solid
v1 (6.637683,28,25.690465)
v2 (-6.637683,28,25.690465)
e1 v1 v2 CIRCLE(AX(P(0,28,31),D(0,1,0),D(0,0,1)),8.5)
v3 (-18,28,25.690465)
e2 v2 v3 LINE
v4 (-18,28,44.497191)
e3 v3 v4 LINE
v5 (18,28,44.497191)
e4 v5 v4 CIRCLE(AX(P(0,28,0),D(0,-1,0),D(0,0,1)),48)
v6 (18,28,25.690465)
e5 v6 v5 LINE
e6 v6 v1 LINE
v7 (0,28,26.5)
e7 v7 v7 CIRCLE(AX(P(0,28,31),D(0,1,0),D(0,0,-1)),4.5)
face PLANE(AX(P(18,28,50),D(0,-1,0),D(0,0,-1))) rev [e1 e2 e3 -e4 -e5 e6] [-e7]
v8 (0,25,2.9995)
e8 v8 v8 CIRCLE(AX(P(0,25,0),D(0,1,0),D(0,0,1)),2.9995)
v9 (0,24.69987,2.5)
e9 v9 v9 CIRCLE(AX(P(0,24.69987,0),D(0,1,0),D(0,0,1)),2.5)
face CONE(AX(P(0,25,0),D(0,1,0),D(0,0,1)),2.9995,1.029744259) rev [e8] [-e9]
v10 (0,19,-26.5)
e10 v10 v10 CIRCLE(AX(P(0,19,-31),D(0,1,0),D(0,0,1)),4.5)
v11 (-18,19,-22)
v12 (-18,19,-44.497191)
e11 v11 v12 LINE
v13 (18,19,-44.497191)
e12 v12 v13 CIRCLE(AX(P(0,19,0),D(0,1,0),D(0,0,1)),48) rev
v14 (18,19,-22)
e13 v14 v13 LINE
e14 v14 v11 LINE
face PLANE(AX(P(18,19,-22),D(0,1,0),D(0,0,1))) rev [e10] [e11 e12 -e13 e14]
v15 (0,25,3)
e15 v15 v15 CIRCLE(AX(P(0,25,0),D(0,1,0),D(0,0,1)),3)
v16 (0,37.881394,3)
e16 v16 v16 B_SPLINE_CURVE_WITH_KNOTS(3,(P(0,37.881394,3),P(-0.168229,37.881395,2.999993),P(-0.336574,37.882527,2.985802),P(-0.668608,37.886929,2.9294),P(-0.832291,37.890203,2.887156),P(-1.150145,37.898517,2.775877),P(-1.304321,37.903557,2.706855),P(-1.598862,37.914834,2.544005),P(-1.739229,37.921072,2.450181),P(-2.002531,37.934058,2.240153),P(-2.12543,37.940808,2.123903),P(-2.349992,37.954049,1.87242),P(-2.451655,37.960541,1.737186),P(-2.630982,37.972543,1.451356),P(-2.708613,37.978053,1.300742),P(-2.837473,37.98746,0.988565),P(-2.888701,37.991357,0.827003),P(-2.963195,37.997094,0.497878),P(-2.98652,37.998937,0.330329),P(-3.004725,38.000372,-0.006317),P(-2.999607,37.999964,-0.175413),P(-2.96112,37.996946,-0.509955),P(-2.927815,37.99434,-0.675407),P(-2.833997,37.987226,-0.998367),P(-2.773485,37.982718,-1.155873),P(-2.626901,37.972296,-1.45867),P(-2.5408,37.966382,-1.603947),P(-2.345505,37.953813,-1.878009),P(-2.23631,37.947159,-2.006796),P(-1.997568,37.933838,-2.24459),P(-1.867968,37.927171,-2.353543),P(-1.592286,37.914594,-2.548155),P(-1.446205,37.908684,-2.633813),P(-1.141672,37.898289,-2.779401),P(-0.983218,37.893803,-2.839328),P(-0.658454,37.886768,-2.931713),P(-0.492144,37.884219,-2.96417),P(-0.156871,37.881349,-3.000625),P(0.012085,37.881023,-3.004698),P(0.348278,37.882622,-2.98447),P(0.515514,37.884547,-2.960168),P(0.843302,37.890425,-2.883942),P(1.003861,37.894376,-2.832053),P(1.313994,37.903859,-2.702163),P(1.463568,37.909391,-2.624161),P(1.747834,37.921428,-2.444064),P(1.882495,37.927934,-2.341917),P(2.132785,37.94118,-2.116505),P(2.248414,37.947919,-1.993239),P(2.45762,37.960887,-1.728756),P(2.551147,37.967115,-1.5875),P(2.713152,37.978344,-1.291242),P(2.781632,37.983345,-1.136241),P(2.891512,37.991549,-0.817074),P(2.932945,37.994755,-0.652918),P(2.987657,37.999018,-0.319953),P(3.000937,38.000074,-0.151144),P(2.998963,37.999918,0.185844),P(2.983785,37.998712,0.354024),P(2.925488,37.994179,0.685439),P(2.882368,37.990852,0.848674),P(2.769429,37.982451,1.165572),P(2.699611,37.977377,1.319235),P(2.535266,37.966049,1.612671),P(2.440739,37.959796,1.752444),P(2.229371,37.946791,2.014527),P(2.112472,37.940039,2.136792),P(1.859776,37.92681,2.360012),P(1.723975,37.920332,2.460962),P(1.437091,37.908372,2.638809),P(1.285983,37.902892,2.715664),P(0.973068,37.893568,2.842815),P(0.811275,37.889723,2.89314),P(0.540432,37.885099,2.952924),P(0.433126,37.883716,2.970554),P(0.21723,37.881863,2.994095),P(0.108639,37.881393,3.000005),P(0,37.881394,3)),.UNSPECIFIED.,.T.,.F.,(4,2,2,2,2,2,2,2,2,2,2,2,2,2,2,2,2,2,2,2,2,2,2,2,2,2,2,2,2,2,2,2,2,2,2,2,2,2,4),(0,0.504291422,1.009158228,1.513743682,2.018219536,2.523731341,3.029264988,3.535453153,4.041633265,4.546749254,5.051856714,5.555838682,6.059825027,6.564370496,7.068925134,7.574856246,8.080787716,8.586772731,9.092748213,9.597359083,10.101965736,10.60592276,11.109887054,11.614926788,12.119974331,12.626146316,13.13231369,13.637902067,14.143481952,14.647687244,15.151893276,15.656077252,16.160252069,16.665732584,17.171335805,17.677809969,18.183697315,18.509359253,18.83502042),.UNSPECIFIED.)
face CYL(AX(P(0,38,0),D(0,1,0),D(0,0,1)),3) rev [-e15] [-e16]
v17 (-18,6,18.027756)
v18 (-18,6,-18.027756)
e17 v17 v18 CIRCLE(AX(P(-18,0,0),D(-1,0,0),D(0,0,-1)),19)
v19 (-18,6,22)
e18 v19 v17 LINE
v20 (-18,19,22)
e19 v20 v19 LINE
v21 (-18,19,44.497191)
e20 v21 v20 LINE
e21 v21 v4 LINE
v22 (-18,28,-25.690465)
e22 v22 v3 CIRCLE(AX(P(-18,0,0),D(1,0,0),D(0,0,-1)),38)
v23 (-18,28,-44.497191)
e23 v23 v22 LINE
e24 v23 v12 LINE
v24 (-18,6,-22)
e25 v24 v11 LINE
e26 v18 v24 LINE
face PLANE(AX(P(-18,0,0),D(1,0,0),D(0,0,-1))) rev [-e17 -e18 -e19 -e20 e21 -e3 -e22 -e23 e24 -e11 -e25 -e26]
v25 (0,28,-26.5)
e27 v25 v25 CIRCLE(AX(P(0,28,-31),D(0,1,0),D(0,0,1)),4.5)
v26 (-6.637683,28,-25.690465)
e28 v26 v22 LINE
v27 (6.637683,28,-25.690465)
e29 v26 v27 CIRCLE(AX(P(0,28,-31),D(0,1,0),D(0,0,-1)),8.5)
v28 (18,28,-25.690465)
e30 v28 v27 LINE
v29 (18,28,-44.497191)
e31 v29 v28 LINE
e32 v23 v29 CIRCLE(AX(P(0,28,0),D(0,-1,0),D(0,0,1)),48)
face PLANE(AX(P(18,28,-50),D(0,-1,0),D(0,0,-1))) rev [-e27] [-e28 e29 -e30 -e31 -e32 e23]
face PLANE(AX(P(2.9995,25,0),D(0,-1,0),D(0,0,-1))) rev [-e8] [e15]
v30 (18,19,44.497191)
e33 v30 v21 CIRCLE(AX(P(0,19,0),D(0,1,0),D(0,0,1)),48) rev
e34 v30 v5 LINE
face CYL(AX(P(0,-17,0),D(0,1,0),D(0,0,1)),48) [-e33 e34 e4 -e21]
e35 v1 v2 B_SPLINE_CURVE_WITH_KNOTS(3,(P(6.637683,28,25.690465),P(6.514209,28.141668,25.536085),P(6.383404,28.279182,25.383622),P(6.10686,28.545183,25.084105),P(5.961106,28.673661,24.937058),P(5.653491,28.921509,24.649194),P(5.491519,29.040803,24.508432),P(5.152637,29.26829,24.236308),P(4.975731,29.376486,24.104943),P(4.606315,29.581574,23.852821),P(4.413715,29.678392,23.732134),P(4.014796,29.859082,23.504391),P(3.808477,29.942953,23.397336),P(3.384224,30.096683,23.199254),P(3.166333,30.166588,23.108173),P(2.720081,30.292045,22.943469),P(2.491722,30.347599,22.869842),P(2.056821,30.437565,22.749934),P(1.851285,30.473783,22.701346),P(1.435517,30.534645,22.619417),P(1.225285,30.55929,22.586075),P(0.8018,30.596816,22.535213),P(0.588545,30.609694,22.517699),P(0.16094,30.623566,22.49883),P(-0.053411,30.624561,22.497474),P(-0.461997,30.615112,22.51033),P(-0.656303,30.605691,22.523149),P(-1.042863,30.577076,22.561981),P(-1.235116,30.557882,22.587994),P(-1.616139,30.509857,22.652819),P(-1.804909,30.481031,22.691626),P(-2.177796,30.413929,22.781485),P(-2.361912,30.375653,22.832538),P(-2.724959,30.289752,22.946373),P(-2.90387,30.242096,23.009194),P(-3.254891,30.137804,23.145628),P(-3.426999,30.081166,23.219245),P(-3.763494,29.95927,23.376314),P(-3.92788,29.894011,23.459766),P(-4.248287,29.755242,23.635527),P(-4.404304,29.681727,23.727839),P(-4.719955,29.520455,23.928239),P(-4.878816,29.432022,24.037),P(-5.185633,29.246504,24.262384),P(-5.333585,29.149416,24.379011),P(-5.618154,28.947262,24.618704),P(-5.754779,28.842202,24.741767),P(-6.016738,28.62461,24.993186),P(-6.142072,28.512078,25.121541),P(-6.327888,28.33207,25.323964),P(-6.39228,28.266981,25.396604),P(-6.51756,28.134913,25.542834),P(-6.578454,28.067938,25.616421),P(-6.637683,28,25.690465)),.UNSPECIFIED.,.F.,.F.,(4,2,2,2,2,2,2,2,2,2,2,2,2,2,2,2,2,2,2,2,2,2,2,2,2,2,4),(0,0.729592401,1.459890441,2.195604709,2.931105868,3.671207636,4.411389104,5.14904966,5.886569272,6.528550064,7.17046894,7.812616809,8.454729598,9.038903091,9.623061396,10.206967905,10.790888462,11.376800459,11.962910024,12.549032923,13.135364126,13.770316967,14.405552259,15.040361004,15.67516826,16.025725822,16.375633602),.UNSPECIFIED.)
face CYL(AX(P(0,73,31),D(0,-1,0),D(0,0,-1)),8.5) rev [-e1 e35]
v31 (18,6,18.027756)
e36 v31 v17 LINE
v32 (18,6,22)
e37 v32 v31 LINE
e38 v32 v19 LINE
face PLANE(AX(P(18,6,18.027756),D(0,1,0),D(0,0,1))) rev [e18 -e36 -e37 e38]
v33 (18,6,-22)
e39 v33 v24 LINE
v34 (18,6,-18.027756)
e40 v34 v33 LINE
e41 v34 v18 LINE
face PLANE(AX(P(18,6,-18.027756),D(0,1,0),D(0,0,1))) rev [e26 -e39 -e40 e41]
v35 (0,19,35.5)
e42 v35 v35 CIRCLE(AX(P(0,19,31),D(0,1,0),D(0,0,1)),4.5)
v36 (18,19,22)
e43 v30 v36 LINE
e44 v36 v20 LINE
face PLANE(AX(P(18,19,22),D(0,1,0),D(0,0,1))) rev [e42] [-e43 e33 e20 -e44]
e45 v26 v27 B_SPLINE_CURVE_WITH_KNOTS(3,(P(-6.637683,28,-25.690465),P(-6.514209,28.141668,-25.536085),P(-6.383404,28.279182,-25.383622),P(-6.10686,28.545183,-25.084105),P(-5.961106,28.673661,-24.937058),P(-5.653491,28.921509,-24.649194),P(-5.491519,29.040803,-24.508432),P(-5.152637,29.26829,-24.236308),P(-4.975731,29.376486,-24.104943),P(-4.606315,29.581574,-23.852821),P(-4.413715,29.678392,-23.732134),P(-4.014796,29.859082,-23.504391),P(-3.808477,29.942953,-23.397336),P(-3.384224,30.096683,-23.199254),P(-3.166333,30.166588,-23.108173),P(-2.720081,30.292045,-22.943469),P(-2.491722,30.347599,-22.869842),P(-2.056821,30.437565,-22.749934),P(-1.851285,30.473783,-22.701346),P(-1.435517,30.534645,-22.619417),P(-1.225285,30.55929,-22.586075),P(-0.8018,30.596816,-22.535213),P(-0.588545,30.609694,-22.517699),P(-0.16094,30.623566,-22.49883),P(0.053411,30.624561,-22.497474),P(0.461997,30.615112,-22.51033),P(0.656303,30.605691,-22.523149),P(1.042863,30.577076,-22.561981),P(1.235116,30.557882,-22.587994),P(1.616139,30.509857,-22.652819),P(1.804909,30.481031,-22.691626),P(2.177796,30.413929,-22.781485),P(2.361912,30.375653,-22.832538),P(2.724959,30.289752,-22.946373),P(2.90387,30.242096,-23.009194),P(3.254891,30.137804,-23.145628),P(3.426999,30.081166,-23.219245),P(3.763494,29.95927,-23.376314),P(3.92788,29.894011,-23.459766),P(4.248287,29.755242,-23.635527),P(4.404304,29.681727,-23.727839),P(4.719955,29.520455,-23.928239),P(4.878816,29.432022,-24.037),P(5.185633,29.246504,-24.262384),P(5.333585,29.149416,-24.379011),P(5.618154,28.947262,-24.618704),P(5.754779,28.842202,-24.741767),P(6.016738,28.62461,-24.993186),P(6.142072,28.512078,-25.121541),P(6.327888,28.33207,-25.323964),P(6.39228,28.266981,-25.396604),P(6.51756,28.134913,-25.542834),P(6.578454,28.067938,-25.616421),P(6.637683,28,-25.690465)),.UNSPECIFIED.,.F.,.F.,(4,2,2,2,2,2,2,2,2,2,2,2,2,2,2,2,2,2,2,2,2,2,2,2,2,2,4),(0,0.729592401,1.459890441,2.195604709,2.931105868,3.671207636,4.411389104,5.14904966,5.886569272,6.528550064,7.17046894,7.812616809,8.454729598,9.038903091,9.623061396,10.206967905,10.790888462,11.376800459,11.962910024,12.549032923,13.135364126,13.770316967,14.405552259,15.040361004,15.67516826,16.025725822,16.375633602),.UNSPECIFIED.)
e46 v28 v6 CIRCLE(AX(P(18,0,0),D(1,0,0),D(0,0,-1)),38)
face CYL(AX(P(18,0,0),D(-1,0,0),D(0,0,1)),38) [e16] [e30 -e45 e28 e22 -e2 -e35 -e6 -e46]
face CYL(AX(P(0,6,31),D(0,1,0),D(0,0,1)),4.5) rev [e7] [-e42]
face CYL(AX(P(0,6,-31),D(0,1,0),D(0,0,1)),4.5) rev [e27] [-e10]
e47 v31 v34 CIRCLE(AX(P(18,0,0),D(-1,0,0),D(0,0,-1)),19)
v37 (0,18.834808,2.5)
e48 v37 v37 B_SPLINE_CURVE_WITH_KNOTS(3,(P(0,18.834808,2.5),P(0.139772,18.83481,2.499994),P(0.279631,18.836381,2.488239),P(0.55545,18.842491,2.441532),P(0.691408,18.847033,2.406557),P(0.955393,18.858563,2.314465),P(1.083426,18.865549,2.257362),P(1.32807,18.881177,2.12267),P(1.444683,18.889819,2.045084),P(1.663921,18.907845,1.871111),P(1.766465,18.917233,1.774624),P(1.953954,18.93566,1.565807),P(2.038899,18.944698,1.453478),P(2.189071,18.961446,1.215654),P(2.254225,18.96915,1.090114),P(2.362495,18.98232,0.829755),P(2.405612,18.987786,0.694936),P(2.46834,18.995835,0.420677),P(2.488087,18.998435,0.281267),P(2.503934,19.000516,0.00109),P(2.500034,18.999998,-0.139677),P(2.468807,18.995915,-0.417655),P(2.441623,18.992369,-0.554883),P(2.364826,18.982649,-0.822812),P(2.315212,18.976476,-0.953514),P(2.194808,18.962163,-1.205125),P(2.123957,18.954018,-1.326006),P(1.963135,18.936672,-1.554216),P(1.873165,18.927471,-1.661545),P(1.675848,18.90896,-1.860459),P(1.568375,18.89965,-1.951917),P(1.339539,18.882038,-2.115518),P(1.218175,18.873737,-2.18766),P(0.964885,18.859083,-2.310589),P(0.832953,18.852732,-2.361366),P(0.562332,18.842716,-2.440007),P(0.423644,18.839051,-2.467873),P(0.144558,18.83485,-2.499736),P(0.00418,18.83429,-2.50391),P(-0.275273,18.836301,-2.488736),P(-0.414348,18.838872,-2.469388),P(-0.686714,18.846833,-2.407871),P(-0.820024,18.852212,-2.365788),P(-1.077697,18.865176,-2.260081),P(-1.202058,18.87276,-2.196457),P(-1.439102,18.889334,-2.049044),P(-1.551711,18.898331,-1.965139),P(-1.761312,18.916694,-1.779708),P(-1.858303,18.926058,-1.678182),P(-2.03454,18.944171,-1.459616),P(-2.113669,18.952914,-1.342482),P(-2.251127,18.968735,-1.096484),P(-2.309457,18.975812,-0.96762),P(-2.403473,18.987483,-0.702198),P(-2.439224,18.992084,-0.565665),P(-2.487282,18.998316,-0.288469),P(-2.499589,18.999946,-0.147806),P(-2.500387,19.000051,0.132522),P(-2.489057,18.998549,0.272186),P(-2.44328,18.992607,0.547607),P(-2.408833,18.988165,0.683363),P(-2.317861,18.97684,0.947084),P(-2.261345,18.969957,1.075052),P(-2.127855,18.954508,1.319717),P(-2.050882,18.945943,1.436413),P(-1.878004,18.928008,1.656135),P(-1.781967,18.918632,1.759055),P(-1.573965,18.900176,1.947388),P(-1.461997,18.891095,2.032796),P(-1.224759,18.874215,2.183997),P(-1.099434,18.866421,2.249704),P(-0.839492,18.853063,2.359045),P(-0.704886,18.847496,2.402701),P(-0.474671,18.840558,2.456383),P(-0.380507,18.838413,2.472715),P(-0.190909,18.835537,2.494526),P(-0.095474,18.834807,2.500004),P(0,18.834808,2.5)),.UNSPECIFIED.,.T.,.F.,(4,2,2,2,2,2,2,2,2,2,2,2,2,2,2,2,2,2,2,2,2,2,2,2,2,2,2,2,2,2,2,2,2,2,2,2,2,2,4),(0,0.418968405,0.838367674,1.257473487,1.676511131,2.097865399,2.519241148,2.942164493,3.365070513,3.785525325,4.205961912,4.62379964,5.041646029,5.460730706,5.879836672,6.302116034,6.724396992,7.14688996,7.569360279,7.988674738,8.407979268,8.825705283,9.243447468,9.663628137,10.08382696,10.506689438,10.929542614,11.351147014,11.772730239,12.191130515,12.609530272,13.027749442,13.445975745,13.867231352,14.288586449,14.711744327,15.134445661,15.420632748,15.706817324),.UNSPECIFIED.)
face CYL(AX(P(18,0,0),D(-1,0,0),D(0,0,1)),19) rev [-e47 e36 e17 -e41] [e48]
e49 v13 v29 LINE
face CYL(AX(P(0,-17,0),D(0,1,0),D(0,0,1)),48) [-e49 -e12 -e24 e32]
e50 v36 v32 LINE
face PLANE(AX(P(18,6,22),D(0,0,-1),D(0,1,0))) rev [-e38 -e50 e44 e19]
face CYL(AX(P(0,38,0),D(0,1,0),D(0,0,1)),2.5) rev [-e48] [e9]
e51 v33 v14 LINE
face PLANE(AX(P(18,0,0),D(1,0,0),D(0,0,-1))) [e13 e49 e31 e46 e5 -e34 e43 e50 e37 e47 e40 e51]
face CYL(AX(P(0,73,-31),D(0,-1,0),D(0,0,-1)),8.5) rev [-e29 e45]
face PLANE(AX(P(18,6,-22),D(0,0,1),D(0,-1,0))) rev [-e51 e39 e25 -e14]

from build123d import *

# Parameters (mm, degrees)
BOSS_EXTRUDE4_DEPTH = 18
SKETCH5_R           = 4.5
CUT_EXTRUDE4_DEPTH  = 23
SKETCH7_R           = 8.5
CUT_EXTRUDE6_DEPTH  = 45
CUT_EXTRUDE7_DEPTH  = 45


with BuildPart() as part:
    # Sketch1 → Boss-Extrude4 (new body, symmetric)
    with BuildSketch(Plane(origin=(0, 0, 0), x_dir=(0, 0, -1), z_dir=(1, 0, 0))):
        with BuildLine():
            Line((22, 6), (22, 19))
            Line((22, 19), (50, 19))
            Line((50, 19), (50, 28))
            Line((50, 28), (25.690465157, 28))
            ThreePointArc((25.690465157, 28), (0, 38), (-25.690465157, 28))
            Line((-25.690465157, 28), (-50, 28))
            Line((-50, 28), (-50, 19))
            Line((-50, 19), (-22, 19))
            Line((-22, 19), (-22, 6))
            Line((-22, 6), (-18.027756377, 6))
            ThreePointArc((-18.027756377, 6), (0, 19), (18.027756377, 6))
            Line((18.027756377, 6), (22, 6))
        make_face()
    extrude(amount=BOSS_EXTRUDE4_DEPTH, both=True)

    # Sketch5 → Cut-Extrude4 (cut, through all)
    with BuildSketch(Plane(origin=(0, 28, 0), x_dir=(1, 0, 0), z_dir=(0, 1, 0))):
        with Locations(Location((0, 31, 0), (0, 0, 270))):  # turned: the seam where the file's is
            Circle(SKETCH5_R)
        with Locations(Location((0, -31, 0), (0, 0, 270))):  # turned: the seam where the file's is
            Circle(SKETCH5_R)
    extrude(amount=-CUT_EXTRUDE4_DEPTH, mode=Mode.SUBTRACT)

    # Sketch7 → Cut-Extrude6 (cut)
    with BuildSketch(Plane(origin=(0, 28, 0), x_dir=(1, 0, 0), z_dir=(0, 1, 0))):
        with Locations((0, -31)):
            Circle(SKETCH7_R)
        with Locations((0, 31)):
            Circle(SKETCH7_R)
    extrude(amount=CUT_EXTRUDE6_DEPTH, mode=Mode.SUBTRACT)

    # Sketch8 → Cut-Extrude7 (cut)
    with BuildSketch(Plane(origin=(0, 28, 0), x_dir=(1, 0, 0), z_dir=(0, 1, 0))):
        with BuildLine():
            Line((-18, -44.497190923), (-18, -50))
            Line((-18, -50), (18, -50))
            Line((18, -50), (18, -44.497190923))
            ThreePointArc((18, -44.497190923), (0, -48), (-18, -44.497190923))
        make_face()
        with BuildLine():
            Line((-18, 50), (-18, 44.497190923))
            ThreePointArc((-18, 44.497190923), (0, 48), (18, 44.497190923))
            Line((18, 44.497190923), (18, 50))
            Line((18, 50), (-18, 50))
        make_face()
    extrude(amount=-CUT_EXTRUDE7_DEPTH, mode=Mode.SUBTRACT)

    # Sketch11 → CBORE for M5 Hex Head Bolt2 (revolve, cut)
    with BuildSketch(Plane(origin=(0, 38, 0), x_dir=(0, 0, 1), z_dir=(1, 0, 0))):
        Polygon((0, 0), (0, 32), (2.5, 32), (2.5, 13.300129879), (2.9995, 13), (3, 0), align=None)
    revolve(axis=Axis((0, 44.35, 0), (0, -1, 0)), mode=Mode.SUBTRACT)


solid = part.part
